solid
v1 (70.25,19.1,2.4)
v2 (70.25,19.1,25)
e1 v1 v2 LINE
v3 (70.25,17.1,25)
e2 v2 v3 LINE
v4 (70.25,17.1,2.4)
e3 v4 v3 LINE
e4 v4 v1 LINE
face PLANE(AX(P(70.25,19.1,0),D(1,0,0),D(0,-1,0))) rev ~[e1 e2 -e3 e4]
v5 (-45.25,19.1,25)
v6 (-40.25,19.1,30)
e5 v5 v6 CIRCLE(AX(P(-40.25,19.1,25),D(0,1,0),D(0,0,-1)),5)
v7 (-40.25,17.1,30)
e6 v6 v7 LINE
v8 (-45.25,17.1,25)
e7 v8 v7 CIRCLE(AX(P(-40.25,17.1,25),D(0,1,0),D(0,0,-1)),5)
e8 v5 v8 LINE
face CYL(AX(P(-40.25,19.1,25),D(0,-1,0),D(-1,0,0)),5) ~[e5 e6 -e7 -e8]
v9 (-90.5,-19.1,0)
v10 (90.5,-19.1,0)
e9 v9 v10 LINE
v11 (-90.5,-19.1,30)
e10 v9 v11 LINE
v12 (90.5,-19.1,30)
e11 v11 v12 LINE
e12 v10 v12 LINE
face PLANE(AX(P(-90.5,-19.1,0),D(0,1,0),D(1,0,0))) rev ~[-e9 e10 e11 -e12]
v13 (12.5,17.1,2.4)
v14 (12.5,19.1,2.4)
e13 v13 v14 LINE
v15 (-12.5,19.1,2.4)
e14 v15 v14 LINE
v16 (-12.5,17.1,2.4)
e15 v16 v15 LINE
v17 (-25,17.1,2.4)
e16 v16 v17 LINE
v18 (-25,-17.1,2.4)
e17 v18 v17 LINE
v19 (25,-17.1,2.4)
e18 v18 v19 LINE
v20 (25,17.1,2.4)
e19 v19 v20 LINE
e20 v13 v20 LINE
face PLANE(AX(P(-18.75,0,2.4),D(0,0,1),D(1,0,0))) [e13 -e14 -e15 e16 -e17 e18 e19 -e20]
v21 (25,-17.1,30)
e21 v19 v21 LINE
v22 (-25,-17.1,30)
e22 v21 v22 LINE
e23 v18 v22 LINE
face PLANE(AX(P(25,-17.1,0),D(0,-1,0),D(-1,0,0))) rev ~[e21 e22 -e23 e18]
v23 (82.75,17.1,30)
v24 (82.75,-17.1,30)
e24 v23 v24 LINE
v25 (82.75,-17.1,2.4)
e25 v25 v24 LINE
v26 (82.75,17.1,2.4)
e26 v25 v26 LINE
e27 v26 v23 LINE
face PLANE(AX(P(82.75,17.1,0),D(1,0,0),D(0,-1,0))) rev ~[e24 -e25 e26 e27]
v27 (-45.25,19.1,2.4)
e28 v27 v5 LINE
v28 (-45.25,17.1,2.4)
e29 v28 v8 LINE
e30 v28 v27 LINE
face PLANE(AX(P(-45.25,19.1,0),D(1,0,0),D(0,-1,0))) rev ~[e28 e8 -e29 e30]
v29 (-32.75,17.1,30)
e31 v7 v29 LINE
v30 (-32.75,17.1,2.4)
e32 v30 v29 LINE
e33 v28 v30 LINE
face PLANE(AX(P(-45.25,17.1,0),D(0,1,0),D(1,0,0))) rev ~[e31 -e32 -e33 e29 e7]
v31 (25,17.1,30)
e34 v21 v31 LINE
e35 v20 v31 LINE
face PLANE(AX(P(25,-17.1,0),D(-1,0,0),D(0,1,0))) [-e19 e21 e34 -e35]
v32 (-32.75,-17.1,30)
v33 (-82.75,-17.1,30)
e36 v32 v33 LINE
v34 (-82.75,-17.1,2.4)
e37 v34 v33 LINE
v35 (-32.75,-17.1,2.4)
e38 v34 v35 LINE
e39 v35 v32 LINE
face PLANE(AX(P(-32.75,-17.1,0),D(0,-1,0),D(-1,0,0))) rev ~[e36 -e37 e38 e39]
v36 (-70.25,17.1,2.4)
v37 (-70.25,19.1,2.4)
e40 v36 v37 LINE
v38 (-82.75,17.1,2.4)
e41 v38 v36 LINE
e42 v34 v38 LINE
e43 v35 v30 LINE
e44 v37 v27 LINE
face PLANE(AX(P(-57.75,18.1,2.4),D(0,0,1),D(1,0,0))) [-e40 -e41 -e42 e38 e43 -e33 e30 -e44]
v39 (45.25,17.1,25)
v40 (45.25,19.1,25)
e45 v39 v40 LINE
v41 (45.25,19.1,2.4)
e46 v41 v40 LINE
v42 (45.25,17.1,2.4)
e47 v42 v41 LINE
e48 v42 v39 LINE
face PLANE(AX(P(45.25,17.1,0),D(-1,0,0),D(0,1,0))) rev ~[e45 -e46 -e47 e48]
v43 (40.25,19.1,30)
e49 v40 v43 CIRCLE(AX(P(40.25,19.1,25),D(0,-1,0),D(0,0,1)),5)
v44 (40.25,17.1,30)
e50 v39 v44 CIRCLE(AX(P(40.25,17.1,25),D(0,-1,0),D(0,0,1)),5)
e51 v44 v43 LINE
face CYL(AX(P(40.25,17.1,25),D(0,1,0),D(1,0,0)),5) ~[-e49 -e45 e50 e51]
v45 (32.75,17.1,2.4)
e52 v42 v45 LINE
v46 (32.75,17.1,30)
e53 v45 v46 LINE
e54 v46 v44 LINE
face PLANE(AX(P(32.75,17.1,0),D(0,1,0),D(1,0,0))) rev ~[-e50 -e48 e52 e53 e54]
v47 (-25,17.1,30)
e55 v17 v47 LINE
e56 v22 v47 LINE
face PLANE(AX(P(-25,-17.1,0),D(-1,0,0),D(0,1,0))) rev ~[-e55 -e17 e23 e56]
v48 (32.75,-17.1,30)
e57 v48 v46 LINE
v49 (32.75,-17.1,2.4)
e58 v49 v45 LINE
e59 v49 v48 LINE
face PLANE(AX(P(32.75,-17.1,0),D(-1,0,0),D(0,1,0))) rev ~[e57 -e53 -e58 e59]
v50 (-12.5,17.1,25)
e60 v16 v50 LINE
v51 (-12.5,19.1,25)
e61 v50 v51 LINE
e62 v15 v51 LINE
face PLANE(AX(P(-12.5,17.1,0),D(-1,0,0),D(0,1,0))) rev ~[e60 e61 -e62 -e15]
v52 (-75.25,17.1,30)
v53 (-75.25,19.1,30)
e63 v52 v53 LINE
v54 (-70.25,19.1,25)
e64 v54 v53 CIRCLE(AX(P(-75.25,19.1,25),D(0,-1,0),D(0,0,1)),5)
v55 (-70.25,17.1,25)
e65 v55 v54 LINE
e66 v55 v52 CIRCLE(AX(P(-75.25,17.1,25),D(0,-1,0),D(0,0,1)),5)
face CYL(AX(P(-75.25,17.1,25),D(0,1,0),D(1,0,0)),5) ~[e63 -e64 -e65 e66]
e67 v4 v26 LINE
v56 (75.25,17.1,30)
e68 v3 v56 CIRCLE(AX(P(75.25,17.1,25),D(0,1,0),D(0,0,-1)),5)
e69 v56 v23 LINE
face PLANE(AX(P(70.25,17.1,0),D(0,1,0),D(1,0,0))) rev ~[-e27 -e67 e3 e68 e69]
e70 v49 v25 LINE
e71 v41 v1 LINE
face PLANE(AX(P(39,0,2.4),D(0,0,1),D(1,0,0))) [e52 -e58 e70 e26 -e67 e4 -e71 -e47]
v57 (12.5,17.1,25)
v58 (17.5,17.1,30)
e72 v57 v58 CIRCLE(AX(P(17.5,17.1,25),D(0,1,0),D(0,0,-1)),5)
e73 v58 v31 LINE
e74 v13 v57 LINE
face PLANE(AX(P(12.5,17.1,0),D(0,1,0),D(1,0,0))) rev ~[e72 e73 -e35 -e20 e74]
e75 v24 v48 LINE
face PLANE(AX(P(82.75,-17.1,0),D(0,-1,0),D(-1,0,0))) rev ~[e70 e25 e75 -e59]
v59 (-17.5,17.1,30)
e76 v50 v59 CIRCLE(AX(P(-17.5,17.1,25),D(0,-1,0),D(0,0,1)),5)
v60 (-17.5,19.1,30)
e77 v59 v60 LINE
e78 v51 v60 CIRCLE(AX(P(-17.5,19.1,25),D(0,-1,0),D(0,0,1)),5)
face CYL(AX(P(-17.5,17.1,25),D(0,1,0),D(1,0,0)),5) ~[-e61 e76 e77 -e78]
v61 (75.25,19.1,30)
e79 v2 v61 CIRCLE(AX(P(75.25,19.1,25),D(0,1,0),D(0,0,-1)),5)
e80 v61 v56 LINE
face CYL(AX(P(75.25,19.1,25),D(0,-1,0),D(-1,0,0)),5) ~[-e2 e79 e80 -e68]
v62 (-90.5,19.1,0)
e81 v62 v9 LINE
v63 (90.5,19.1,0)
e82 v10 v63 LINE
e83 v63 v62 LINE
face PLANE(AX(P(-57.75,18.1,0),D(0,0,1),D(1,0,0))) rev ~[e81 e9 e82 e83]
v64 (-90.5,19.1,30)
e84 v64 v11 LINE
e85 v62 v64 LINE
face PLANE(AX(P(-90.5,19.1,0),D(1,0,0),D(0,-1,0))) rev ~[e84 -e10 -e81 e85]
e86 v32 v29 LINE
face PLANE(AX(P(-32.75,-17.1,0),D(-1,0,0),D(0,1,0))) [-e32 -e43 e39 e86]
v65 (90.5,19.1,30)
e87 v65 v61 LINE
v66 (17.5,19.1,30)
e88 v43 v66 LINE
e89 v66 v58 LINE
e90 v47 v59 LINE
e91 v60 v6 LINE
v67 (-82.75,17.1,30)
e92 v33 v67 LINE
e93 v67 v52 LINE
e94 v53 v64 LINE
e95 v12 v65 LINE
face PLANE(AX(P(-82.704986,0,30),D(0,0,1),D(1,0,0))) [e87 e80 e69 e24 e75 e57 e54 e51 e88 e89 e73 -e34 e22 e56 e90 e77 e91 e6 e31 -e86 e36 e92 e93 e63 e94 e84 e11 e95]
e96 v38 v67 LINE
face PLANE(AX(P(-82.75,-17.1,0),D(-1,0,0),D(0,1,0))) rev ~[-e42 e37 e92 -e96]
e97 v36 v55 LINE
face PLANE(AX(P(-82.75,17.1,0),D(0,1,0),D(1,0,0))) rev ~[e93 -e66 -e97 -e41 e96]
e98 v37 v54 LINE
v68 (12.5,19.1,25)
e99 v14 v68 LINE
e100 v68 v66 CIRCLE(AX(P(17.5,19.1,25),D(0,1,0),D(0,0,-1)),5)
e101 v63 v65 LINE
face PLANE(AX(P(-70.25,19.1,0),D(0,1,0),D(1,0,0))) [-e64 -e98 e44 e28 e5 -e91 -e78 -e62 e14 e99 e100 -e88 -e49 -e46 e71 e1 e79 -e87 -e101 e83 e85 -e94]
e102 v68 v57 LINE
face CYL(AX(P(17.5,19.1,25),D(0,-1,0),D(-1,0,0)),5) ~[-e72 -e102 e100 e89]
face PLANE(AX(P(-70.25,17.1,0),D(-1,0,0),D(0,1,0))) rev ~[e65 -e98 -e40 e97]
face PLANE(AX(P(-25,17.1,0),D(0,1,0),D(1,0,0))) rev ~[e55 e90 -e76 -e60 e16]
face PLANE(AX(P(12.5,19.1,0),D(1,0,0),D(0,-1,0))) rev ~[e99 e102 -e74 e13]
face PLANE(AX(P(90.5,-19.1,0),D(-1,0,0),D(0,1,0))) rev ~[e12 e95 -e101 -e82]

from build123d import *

# Parameters (mm, degrees)
F0_W     = 25
F0_H     = 2
F0_W_2   = 7.75
F0_H_2   = 34.2
F1_DEPTH = 30
F0_W_3   = 12.5
F2_DEPTH = 2.4
F3_R     = 5


with BuildPart() as f1:
    # F0 (on Top) → F1 (new body)
    with BuildSketch(Plane.XY):
        Polygon((-90.5, -19.1), (-70.25, -19.1), (-70.25, -17.1), (-82.75, -17.1), (-82.75, 17.1), (-70.25, 17.1), (-70.25, 19.1), (-90.5, 19.1), align=None)
        with Locations((-57.75, -18.1)):
            Rectangle(F0_W, F0_H)
        Polygon((-45.25, -19.1), (-12.5, -19.1), (-12.5, -17.1), (-25, -17.1), (-32.75, -17.1), (-45.25, -17.1), align=None)
        Polygon((-12.5, 17.1), (-12.5, 19.1), (-45.25, 19.1), (-45.25, 17.1), (-32.75, 17.1), (-25, 17.1), align=None)
        with Locations((0, -18.1)):
            Rectangle(F0_W, F0_H)
        Polygon((12.5, -19.1), (45.25, -19.1), (45.25, -17.1), (32.75, -17.1), (25, -17.1), (12.5, -17.1), align=None)
        with Locations((57.75, -18.1)):
            Rectangle(F0_W, F0_H)
        Polygon((70.25, -19.1), (90.5, -19.1), (90.5, 19.1), (70.25, 19.1), (70.25, 17.1), (82.75, 17.1), (82.75, -17.1), (70.25, -17.1), align=None)
        Polygon((45.25, 17.1), (45.25, 19.1), (12.5, 19.1), (12.5, 17.1), (25, 17.1), (32.75, 17.1), align=None)
        with Locations((28.875, 0)):
            Rectangle(F0_W_2, F0_H_2)
        with Locations((-28.875, 0)):
            Rectangle(F0_W_2, F0_H_2)
    extrude(amount=F1_DEPTH)

    # F0 (on Top) → F2 (join)
    with BuildSketch(Plane.XY):
        with Locations((-57.75, 18.1)):
            Rectangle(F0_W, F0_H)
        with Locations((-76.5, 0)):
            Rectangle(F0_W_3, F0_H_2)
        with Locations((-57.75, 0)):
            Rectangle(F0_W, F0_H_2)
        with Locations((-39, 0)):
            Rectangle(F0_W_3, F0_H_2)
        with Locations((-18.75, 0)):
            Rectangle(F0_W_3, F0_H_2)
        Rectangle(F0_W, F0_H_2)
        with Locations((0, 18.1)):
            Rectangle(F0_W, F0_H)
        with Locations((18.75, 0)):
            Rectangle(F0_W_3, F0_H_2)
        with Locations((39, 0)):
            Rectangle(F0_W_3, F0_H_2)
        with Locations((57.75, 0)):
            Rectangle(F0_W, F0_H_2)
        with Locations((57.75, 18.1)):
            Rectangle(F0_W, F0_H)
        with Locations((76.5, 0)):
            Rectangle(F0_W_3, F0_H_2)
    extrude(amount=F2_DEPTH)

    # F3
    f3_edges = [f1.edges().sort_by_distance(p)[0] for p in [
        (-70.25, 18.1, 30),
        (-45.25, 18.1, 30),
        (-12.5, 18.1, 30),
        (12.5, 18.1, 30),
        (45.25, 18.1, 30),
        (70.25, 18.1, 30),
    ]]
    fillet(f3_edges, radius=F3_R)


solid = f1.part
